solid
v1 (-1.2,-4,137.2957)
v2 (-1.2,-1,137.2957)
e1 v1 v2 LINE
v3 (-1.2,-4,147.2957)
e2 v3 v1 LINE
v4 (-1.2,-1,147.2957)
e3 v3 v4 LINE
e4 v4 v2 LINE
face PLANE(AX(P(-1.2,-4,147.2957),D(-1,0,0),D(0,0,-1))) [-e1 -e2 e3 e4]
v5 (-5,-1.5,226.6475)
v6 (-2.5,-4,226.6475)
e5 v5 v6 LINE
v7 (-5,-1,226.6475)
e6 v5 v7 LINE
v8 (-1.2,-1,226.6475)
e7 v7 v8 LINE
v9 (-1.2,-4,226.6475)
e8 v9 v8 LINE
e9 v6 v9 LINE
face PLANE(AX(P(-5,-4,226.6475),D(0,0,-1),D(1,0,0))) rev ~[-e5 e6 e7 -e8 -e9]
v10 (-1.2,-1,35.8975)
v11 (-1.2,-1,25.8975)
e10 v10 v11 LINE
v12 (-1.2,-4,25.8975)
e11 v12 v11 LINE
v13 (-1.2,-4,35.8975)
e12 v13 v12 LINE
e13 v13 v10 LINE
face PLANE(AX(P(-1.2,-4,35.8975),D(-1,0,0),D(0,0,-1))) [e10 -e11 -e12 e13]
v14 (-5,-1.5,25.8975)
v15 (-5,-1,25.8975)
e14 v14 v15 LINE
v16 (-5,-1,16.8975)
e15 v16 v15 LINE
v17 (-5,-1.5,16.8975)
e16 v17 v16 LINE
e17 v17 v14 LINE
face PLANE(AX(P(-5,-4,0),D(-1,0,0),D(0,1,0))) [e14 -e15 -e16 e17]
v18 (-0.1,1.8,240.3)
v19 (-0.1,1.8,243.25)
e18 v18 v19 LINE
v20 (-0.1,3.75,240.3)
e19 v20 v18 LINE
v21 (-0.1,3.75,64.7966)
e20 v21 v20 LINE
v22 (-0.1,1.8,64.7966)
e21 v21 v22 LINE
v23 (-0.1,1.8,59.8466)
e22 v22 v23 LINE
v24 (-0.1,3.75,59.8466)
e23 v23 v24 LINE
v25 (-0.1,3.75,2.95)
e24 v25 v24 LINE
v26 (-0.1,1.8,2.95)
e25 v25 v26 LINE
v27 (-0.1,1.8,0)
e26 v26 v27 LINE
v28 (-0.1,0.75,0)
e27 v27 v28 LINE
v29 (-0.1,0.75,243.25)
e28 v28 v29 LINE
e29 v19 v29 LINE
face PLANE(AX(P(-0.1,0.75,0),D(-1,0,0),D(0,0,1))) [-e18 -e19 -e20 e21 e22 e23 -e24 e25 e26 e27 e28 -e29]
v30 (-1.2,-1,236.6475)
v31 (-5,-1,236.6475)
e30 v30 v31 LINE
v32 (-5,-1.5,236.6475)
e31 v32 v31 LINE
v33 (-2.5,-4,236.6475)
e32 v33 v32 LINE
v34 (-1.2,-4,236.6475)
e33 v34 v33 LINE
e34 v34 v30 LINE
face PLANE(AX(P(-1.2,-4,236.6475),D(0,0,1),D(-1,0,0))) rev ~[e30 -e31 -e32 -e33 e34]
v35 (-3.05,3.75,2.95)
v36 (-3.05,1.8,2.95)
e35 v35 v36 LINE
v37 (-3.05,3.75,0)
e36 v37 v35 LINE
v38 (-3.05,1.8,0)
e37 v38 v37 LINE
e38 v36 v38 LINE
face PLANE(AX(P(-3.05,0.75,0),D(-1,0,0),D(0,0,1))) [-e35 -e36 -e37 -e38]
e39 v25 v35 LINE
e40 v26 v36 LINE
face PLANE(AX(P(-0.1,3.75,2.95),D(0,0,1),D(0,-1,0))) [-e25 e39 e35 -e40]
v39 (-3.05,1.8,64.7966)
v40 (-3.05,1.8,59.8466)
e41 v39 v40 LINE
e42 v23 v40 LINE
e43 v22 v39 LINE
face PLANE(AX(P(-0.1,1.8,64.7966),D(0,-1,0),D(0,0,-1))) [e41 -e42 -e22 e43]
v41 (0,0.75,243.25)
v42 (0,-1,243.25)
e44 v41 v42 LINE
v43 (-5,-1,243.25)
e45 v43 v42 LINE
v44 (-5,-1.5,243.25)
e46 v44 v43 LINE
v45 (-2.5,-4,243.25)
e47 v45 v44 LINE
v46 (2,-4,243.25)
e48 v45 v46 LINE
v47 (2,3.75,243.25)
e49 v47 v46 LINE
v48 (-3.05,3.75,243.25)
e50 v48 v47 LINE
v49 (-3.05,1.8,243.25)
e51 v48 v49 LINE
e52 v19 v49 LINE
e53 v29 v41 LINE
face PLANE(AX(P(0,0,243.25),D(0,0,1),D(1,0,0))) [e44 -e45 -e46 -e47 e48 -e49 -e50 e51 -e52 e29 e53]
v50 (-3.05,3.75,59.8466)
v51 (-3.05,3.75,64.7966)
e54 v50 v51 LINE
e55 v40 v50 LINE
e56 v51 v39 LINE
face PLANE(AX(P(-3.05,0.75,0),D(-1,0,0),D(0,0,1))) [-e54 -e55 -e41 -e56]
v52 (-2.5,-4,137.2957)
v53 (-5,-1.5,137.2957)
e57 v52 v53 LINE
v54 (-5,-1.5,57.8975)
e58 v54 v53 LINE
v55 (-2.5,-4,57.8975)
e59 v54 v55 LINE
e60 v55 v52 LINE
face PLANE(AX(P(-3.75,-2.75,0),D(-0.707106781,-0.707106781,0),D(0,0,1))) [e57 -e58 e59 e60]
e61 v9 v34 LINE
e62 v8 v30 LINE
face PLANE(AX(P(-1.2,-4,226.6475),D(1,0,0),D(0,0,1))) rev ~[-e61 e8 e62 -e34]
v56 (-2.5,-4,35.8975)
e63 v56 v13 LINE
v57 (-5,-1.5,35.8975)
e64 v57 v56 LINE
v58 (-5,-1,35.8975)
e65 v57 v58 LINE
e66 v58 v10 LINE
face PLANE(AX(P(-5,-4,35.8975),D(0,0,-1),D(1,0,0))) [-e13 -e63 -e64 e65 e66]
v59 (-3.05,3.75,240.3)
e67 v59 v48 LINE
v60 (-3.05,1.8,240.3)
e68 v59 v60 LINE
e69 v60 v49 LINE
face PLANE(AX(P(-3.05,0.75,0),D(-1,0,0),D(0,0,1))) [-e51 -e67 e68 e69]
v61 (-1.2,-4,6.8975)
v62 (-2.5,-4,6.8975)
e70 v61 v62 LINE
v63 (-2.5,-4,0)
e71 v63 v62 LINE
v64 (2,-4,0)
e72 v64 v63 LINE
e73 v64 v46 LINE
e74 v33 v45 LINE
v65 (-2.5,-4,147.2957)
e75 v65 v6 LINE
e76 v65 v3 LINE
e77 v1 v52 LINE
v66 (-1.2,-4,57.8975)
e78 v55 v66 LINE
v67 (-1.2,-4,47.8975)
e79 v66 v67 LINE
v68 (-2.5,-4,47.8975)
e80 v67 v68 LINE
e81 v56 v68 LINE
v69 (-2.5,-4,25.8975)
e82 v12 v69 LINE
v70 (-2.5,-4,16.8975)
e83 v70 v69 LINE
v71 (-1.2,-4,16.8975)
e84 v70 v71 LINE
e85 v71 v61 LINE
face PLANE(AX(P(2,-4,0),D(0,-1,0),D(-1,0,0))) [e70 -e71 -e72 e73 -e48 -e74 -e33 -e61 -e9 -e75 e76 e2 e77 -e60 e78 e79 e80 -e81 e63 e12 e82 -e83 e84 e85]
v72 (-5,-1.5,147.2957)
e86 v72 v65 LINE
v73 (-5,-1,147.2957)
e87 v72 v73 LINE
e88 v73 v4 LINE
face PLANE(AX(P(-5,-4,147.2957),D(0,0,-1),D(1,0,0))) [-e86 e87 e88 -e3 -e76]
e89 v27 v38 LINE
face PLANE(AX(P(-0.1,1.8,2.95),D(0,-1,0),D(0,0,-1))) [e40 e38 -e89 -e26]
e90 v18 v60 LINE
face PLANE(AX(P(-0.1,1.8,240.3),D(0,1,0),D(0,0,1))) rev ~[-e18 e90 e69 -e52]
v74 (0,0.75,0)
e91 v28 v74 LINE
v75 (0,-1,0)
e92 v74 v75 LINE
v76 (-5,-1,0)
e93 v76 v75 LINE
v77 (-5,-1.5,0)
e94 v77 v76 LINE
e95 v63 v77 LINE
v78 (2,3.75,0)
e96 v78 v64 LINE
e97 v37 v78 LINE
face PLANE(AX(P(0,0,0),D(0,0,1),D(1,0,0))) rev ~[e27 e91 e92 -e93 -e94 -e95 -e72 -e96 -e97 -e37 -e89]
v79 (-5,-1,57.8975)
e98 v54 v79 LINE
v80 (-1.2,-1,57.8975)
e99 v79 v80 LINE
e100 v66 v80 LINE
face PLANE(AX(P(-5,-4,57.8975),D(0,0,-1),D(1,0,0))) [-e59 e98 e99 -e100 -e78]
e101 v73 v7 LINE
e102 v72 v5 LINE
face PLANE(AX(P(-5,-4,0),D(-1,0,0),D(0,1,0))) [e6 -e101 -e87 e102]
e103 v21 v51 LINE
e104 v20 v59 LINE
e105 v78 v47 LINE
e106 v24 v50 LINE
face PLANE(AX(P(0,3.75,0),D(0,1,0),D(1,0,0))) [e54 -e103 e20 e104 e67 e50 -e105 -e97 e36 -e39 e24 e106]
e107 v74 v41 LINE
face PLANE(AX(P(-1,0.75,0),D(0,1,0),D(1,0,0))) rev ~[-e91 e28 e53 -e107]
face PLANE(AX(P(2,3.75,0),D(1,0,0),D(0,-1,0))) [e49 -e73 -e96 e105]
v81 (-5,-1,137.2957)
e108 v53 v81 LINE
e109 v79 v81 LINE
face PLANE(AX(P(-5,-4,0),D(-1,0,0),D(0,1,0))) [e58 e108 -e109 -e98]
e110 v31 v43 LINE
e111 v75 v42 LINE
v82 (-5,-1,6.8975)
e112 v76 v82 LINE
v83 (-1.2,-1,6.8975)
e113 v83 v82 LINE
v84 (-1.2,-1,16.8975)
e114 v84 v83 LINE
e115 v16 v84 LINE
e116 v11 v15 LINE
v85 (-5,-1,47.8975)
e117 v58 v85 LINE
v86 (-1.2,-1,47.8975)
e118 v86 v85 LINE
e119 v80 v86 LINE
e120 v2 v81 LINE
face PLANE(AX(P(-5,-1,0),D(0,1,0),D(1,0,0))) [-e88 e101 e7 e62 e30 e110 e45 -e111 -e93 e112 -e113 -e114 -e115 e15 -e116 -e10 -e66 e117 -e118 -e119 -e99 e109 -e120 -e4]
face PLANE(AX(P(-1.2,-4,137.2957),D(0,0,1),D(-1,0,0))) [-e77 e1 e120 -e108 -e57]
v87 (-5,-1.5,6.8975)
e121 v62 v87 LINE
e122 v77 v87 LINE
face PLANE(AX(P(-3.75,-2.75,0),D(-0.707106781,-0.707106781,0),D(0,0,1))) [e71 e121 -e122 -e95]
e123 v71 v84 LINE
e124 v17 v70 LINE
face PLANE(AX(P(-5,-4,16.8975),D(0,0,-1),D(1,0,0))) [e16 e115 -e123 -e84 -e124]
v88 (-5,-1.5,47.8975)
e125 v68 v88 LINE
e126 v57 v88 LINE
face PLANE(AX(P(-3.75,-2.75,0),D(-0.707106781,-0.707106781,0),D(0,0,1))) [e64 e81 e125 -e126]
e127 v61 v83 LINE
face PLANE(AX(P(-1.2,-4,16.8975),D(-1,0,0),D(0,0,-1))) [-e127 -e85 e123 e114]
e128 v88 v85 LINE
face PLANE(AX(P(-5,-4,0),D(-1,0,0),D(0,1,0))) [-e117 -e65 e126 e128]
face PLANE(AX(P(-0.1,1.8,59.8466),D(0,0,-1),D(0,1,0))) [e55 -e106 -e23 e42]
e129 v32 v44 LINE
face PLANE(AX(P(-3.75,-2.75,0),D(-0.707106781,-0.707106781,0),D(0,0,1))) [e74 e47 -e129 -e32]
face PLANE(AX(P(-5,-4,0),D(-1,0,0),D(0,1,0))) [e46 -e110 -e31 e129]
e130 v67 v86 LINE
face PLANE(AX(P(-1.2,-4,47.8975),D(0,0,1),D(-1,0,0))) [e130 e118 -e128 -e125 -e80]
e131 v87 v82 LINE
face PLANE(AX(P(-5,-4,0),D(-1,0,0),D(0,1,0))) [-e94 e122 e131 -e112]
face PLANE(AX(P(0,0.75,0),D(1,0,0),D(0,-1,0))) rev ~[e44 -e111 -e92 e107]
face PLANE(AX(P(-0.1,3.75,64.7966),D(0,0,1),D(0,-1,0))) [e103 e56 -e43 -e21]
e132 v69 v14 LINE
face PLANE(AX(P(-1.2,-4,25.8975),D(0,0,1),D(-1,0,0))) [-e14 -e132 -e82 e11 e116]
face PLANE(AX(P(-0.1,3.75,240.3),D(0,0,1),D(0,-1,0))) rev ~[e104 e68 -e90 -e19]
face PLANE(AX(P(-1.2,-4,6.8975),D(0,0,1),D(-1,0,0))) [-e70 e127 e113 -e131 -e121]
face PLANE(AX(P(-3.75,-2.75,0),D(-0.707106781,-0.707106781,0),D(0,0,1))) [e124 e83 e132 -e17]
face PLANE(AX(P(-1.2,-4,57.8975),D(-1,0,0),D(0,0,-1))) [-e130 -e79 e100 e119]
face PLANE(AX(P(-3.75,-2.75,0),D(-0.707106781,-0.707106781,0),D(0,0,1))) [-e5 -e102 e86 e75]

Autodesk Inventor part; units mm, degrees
ref_plane "YZ Plane" through (0, 0, 0) normal (1, 0, 0) x (0, 1, 0)
ref_plane "XZ Plane" through (0, 0, 0) normal (0, 1, 0) x (-1, 0, 0)
ref_plane "XY Plane" through (0, 0, 0) normal (0, 0, 1) x (1, 0, 0)
sketch "Sketch1" plane through (0, 0, 0) normal (0, 0, 1) x (1, 0, 0)
  line L0 (0, 3.75) -> (2, 3.75)
  line L1 (2, 3.75) -> (2, -4)
  line L2 (2, -4) -> (0, -4)
  line L3 (0, -4) -> (0, 3.75) construction
  line L4 (0, -4) -> (-5, -4)
  line L5 (-5, -4) -> (-5, -1)
  line L6 (-5, -1) -> (0, -1)
  line L7 (0, 3.75) -> (-1, 3.75)
  line L8 (-1, 3.75) -> (-1, 0.75)
  line L9 (-1, 0.75) -> (0, 0.75)
  line L10 (0, 0.75) -> (0, 3.75) construction
  line L11 (0, 0.75) -> (0, -1)
  point P0 (0, 0)
  point P1 (0, -0.125)
  point P2 (1, 3.75)
  dimension "d0" = 4
  dimension "d1" = 2
  dimension "d5" = 5
  dimension "d6" = 1.75
  dimension "d7" = 3
  dimension "d11" = 3
  dimension "d12" = 3
extrude "Extrusion1" add sketch "Sketch1" along normal blind 243.25
sketch "Sketch2" plane through (-1, 0.75, 0) normal (-1, 0, 0) x (0, 0, 1)
  line L0 (0, 3) -> (0, 0) projected
  line L1 (0, 0) -> (243.25, 0) projected
  line L2 (243.25, 3) -> (243.25, 0) projected
  line L3 (0, 3) -> (243.25, 3) projected
  point P0 (0, -0.75)
extrude "Extrusion2" cut sketch "Sketch2" against normal blind 0.9
chamfer "Chamfer1" distance 2.5 angle 45 1 edges at (-5, -4, 121.625)
sketch "Sketch3" plane through (-0.1, 0.75, 0) normal (-1, 0, 0) x (0, 0, 1)
  line L0 (0, 3) -> (243.25, 3) projected
  line L1 (0, 3) -> (2.95, 3)
  line L2 (2.95, 3) -> (2.95, 1.05)
  line L3 (2.95, 1.05) -> (0, 1.05)
  line L4 (0, 1.05) -> (0, 3)
  line L5 (59.8466, 2.85) -> (59.8466, 0.85) construction
  line L6 (59.8466, 2.85) -> (59.8466, 3) construction
  line L7 (59.8466, 3) -> (64.7966, 3)
  line L8 (64.7966, 3) -> (64.7966, 1.05)
  line L9 (64.7966, 1.05) -> (59.8466, 1.05)
  line L10 (59.8466, 1.05) -> (59.8466, 3)
  line L11 (243.25, 3) -> (243.25, 0) projected
  line L12 (243.25, 3) -> (240.3, 3)
  line L13 (240.3, 3) -> (240.3, 1.05)
  line L14 (240.3, 1.05) -> (243.25, 1.05)
  line L15 (243.25, 1.05) -> (243.25, 3)
  point P0 (0, -0.75)
  point P1 (243.25, 1.05)
  dimension "d18" = 1.95
  dimension "d19" = 2.95
  dimension "d20" = 4.95
  dimension "d21" = 1.95
  dimension "d22" = 1.95
  dimension "d23" = 2.95
extrude "Extrusion3" add sketch "Sketch3" along normal blind 2.95
sketch "Sketch4" plane through (2, -4, 0) normal (0, -1, 0) x (1, 0, 0)
  circle A0 centre (-4.4525, -10.6025) radius 0.725 construction
  line L0 (-3.2, -15.005) -> (-3.2, -1) construction
  line L1 (-4.5, 0) -> (0, 0) construction
  line L2 (-4.5, 243.25) -> (0, 243.25) construction
  circle A1 centre (-10.2025, 230.7475) radius 2.55 construction
  circle A2 centre (-10.1275, 141.3958) radius 2.55 construction
  circle A3 centre (-10.2025, 51.9975) radius 2.55 construction
  circle A4 centre (-10.2025, 29.9975) radius 2.55 construction
  circle A5 centre (-10.2025, 10.9975) radius 2.55 construction
  line L3 (-3.2, 6.8975) -> (-7, 6.8975)
  line L4 (-7, 6.8975) -> (-7, 16.8975)
  line L5 (-7, 16.8975) -> (-3.2, 16.8975)
  line L6 (-3.2, 16.8975) -> (-3.2, 6.8975)
  line L7 (-3.2, 25.8975) -> (-7, 25.8975)
  line L8 (-7, 25.8975) -> (-7, 35.8975)
  line L9 (-7, 35.8975) -> (-3.2, 35.8975)
  line L10 (-3.2, 35.8975) -> (-3.2, 25.8975)
  line L11 (-3.2, 47.8975) -> (-7, 47.8975)
  line L12 (-7, 47.8975) -> (-7, 57.8975)
  line L13 (-7, 57.8975) -> (-3.2, 57.8975)
  line L14 (-3.2, 57.8975) -> (-3.2, 47.8975)
  line L15 (-3.2, 137.2957) -> (-7, 137.2957)
  line L16 (-7, 137.2957) -> (-7, 147.2957)
  line L17 (-7, 147.2957) -> (-3.2, 147.2957)
  line L18 (-3.2, 147.2957) -> (-3.2, 137.2957)
  line L19 (-2.1, 243.25) -> (-2.1, 0) projected
  line L20 (-2.1, 236.6475) -> (-2.1, 226.6475)
  circle A6 centre (-10.2025, -8.0025) radius 2.55 construction
  circle A7 centre (-5.5025, -3.6025) radius 0.725 construction
  line L21 (-3.2, -12.1025) -> (-10.2025, -12.1025) construction
  line L22 (-10.2025, -12.1025) -> (-10.2025, -2.1025) construction
  line L23 (-10.2025, -2.1025) -> (-3.2, -2.1025) construction
  line L24 (-7, 243.25) -> (-7, 0) construction
  line L25 (-7, 0) -> (-7, 243.25) projected
  line L26 (-7, 226.6475) -> (-3.2, 226.6475)
  line L27 (-3.2, 226.6475) -> (-3.2, 236.6475)
  line L28 (-3.2, 236.6475) -> (-7, 236.6475)
  line L29 (-7, 236.6475) -> (-7, 226.6475)
  point P0 (-2, 0)
  dimension "d26" = 1.5
  dimension "d27" = 1.5
  dimension "d28" = 4.1
  dimension "d29" = 5.9
  dimension "d30" = 4.1
  dimension "d31" = 5.9
  dimension "d32" = 4.1
  dimension "d33" = 5.9
  dimension "d34" = 4.1
  dimension "d35" = 5.9
  dimension "d36" = 4.1
  dimension "d37" = 5.9
  dimension "d40" = 4.1
  dimension "d41" = 5.9
extrude "Extrusion4" cut sketch "Sketch4" against normal up to surface (3 mm away)
equation "\"d30\" = d28"
equation "\"d31\" = d29"
equation "\"d32\" = d28"
equation "\"d33\" = d29"
equation "\"d34\" = d28"
equation "\"d35\" = d29"
equation "\"d36\" = d28"
equation "\"d37\" = d29"
equation "\"d40\" = d28"
equation "\"d41\" = d29"
properties part number "Case Rail" material "PET Plastic"
